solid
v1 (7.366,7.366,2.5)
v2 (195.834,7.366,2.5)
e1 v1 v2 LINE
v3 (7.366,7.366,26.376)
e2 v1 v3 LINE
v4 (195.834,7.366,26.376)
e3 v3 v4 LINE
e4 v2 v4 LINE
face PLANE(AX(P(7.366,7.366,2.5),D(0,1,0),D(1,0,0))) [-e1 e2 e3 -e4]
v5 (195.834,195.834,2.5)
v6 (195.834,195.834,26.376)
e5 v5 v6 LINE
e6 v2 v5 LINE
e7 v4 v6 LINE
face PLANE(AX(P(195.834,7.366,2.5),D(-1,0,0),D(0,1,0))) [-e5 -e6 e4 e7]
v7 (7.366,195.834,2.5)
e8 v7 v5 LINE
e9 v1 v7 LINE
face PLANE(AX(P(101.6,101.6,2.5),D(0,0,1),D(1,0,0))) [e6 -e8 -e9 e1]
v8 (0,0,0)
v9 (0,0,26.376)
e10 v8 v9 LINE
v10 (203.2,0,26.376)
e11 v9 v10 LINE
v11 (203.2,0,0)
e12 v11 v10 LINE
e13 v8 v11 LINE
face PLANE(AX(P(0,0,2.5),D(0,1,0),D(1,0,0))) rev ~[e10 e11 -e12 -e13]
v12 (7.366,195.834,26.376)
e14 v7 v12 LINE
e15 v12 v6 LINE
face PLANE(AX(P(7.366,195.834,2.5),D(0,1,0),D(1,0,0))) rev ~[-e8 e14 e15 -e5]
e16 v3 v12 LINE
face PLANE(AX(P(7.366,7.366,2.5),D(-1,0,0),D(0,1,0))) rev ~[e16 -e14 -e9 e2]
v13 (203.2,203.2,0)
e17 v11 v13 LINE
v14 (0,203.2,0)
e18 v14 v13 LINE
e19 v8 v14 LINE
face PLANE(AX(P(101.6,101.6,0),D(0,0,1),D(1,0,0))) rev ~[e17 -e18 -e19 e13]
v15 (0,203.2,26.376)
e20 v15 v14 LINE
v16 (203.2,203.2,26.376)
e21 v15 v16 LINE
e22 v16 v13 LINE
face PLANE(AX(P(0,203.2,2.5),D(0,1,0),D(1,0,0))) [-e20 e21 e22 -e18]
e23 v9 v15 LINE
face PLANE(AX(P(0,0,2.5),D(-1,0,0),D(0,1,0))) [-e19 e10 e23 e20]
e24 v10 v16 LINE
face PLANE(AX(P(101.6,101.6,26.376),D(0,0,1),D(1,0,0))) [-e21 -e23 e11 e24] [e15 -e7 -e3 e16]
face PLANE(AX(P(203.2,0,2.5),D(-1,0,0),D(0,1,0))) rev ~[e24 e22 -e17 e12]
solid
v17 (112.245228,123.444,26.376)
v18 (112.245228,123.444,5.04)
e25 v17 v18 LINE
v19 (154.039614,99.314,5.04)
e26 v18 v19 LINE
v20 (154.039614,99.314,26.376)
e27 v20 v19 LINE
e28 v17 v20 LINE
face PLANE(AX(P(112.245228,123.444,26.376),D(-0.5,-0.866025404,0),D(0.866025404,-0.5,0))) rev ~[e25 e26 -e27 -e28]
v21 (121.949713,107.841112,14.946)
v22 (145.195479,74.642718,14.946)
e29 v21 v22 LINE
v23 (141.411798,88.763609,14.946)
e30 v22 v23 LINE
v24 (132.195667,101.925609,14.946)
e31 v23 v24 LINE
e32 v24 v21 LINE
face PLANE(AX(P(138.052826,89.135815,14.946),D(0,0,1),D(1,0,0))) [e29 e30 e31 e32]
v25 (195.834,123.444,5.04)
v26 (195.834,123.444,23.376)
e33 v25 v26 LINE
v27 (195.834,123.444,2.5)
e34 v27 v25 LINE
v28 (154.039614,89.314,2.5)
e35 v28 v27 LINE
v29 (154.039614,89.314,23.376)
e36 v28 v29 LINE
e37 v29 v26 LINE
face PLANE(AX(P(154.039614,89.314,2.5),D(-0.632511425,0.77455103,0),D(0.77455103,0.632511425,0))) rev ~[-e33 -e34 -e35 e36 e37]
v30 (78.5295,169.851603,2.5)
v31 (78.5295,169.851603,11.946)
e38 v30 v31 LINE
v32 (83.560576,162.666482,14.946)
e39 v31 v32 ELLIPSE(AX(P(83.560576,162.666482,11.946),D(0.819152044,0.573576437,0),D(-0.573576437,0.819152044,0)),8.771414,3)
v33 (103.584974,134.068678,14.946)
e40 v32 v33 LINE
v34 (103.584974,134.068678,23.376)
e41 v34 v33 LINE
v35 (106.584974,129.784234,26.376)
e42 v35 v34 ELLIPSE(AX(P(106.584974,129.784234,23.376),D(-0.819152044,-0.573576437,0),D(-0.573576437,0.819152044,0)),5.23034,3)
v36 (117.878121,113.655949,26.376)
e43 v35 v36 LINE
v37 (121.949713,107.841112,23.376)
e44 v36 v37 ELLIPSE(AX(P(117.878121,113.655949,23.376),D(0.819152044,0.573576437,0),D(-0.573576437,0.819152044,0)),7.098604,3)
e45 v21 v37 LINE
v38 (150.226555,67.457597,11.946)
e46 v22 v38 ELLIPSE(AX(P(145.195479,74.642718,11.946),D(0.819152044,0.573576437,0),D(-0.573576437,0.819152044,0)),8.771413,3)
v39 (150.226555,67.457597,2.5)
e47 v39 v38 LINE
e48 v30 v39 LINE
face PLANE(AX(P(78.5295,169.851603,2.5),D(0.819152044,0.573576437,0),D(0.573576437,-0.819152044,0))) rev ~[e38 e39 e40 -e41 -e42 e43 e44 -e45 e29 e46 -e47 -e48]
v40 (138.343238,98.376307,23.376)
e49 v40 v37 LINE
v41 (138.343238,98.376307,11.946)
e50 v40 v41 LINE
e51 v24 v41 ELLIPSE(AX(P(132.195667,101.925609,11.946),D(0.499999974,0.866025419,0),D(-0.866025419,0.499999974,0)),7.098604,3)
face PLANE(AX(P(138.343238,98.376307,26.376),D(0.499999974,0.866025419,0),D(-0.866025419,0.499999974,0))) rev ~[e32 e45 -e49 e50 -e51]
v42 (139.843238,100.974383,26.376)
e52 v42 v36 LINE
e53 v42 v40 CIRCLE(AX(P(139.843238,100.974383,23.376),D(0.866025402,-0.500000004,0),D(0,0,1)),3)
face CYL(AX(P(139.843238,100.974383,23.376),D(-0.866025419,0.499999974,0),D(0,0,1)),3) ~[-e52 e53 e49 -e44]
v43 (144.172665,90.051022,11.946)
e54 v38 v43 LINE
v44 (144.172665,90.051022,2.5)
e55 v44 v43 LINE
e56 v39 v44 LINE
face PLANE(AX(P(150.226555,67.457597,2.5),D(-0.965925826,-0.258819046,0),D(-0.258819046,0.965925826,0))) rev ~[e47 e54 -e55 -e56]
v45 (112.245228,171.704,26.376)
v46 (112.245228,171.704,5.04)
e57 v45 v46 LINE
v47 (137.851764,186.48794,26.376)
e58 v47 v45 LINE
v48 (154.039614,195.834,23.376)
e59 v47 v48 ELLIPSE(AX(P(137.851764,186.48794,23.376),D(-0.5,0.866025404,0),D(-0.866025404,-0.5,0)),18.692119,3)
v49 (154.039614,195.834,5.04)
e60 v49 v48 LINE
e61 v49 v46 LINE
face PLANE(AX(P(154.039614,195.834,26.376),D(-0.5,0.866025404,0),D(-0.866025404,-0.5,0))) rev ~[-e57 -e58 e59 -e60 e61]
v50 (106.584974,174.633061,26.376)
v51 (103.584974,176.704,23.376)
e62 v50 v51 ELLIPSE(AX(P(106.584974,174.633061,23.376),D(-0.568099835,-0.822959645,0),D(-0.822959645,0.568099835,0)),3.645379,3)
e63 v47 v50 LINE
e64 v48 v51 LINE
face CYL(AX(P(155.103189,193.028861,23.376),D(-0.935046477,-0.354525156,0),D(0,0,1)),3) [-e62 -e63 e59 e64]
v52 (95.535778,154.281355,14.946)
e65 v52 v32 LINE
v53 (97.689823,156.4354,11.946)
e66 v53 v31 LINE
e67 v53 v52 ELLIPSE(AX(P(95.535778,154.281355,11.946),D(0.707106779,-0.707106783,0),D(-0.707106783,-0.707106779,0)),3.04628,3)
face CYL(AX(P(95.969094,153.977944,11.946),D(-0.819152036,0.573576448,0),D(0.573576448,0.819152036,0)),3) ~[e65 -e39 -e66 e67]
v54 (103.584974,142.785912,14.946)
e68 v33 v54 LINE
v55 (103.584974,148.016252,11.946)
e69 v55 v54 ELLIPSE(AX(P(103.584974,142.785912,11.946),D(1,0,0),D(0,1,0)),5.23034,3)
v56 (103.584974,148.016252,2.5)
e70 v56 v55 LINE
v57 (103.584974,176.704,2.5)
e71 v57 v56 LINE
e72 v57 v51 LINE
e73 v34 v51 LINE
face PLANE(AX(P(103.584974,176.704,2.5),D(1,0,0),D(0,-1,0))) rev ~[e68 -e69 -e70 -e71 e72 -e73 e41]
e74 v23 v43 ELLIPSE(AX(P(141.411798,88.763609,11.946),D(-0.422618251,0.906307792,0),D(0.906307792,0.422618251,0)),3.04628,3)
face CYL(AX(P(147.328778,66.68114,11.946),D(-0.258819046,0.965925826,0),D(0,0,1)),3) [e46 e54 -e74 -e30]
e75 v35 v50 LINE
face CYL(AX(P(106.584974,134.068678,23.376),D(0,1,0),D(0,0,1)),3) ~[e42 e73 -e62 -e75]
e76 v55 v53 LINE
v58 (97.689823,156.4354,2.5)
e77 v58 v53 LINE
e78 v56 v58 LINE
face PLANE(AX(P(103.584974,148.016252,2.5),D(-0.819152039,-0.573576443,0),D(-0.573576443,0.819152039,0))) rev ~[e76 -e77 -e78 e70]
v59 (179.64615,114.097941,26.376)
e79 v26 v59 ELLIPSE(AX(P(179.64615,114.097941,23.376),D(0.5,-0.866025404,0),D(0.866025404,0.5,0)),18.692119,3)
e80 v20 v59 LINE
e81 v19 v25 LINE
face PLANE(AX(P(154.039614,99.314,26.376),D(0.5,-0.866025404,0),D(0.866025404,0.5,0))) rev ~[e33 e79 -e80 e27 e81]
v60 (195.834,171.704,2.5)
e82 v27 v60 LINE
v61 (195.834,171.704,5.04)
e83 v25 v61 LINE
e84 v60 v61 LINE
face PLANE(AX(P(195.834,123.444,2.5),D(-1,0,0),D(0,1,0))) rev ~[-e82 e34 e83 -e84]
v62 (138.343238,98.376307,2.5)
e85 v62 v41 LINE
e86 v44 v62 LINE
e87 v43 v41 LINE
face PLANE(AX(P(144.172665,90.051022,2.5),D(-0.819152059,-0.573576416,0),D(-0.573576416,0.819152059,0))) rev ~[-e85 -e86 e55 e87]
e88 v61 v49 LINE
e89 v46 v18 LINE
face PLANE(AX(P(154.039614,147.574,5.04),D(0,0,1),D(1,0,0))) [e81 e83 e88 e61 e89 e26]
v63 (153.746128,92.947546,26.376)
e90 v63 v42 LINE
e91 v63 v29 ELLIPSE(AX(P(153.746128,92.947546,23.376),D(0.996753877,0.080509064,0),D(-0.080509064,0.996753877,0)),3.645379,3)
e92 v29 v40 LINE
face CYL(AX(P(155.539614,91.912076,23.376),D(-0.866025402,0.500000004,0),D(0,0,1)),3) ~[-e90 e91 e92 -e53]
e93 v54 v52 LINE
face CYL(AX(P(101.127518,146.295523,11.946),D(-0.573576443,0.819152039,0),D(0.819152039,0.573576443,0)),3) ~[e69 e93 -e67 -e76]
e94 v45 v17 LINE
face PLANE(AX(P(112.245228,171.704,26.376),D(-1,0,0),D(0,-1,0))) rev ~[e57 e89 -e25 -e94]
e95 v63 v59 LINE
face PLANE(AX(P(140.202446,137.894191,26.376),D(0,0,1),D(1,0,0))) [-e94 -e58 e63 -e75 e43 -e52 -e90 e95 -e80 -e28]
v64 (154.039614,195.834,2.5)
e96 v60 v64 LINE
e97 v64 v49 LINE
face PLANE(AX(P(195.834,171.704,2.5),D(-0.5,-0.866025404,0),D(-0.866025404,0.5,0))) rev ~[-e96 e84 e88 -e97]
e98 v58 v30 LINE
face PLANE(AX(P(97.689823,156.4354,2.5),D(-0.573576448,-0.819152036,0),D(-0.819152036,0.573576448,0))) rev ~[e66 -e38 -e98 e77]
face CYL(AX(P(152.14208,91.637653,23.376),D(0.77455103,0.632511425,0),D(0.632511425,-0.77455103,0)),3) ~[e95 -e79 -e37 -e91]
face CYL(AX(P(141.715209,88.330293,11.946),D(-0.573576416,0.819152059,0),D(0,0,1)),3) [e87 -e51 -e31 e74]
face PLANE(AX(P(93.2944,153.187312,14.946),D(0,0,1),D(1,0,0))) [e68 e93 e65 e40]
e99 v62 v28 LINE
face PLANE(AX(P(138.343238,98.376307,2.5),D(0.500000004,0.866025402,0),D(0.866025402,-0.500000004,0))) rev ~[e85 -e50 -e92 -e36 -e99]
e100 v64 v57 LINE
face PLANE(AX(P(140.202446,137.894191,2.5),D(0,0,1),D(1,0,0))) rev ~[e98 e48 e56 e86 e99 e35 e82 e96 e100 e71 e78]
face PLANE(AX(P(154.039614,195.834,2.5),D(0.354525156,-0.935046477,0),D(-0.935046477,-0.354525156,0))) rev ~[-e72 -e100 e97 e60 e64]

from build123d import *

# Parameters (mm, degrees)
F0_W     = 203.2
F0_H     = 203.2
F1_DEPTH = 2.5
F2_W     = 203.2
F2_H     = 203.2
F2_W_2   = 188.468
F2_H_2   = 188.468
F3_DEPTH = 23.876
F5_DEPTH = 23.876
F7_DEPTH = 21.336
F9_DEPTH = 11.43
F10_R    = 3


with BuildPart() as f1:
    # F0 (on Top) → F1 (new body)
    with BuildSketch(Plane.XY):
        with Locations((101.6, 101.6)):
            Rectangle(F0_W, F0_H)
    extrude(amount=F1_DEPTH)

    # F2 (on face) → F3 (join)
    with BuildSketch(Plane.XY.offset(2.5)):
        with Locations((101.6, 101.6)):
            Rectangle(F2_W, F2_H)
        with Locations((101.6, 101.6)):
            Rectangle(F2_W_2, F2_H_2, mode=Mode.SUBTRACT)
    extrude(amount=F3_DEPTH)


with BuildPart() as f5:
    # F4 (on face) → F5 (new body)
    with BuildSketch(Plane.XY.offset(2.5)):
        Polygon((195.834, 123.444), (195.834, 171.704), (154.039614, 195.834), (103.584974, 176.704), (103.584974, 148.016252), (97.689823, 156.4354), (78.5295, 169.851603), (150.226555, 67.457597), (144.172665, 90.051022), (138.343238, 98.376307), (154.039614, 89.314), align=None)
    extrude(amount=F5_DEPTH)

    # F6 (on face) → F7 (cut)
    with BuildSketch(Plane.XY.offset(26.376)):
        Polygon((195.834, 171.704), (154.039614, 195.834), (112.245228, 171.704), (112.245228, 123.444), (154.039614, 99.314), (195.834, 123.444), align=None)
    extrude(amount=-F7_DEPTH, mode=Mode.SUBTRACT)

    # F8 (on face) → F9 (cut)
    with BuildSketch(Plane.XY.offset(26.376)):
        Polygon((97.689823, 156.4354), (78.5295, 169.851603), (103.584974, 134.068678), (103.584974, 148.016252), align=None)
        Polygon((121.949712, 107.841113), (150.226555, 67.457597), (144.172665, 90.051022), (138.343238, 98.376307), align=None)
    extrude(amount=-F9_DEPTH, mode=Mode.SUBTRACT)

    # F10
    f10_edges = [f5.edges().sort_by_distance(p)[0] for p in [
        (103.584974, 155.386339, 26.376),
        (137.994663, 98.577557, 26.376),
        (174.936807, 106.379, 26.376),
        (128.812294, 186.269, 26.376),
        (88.109662, 163.143501, 14.946),
        (147.19961, 78.75431, 14.946),
        (141.257951, 94.213665, 14.946),
        (100.637399, 152.225826, 14.946),
    ]]
    fillet(f10_edges, radius=F10_R)


solid = Compound([f1.part, f5.part])
